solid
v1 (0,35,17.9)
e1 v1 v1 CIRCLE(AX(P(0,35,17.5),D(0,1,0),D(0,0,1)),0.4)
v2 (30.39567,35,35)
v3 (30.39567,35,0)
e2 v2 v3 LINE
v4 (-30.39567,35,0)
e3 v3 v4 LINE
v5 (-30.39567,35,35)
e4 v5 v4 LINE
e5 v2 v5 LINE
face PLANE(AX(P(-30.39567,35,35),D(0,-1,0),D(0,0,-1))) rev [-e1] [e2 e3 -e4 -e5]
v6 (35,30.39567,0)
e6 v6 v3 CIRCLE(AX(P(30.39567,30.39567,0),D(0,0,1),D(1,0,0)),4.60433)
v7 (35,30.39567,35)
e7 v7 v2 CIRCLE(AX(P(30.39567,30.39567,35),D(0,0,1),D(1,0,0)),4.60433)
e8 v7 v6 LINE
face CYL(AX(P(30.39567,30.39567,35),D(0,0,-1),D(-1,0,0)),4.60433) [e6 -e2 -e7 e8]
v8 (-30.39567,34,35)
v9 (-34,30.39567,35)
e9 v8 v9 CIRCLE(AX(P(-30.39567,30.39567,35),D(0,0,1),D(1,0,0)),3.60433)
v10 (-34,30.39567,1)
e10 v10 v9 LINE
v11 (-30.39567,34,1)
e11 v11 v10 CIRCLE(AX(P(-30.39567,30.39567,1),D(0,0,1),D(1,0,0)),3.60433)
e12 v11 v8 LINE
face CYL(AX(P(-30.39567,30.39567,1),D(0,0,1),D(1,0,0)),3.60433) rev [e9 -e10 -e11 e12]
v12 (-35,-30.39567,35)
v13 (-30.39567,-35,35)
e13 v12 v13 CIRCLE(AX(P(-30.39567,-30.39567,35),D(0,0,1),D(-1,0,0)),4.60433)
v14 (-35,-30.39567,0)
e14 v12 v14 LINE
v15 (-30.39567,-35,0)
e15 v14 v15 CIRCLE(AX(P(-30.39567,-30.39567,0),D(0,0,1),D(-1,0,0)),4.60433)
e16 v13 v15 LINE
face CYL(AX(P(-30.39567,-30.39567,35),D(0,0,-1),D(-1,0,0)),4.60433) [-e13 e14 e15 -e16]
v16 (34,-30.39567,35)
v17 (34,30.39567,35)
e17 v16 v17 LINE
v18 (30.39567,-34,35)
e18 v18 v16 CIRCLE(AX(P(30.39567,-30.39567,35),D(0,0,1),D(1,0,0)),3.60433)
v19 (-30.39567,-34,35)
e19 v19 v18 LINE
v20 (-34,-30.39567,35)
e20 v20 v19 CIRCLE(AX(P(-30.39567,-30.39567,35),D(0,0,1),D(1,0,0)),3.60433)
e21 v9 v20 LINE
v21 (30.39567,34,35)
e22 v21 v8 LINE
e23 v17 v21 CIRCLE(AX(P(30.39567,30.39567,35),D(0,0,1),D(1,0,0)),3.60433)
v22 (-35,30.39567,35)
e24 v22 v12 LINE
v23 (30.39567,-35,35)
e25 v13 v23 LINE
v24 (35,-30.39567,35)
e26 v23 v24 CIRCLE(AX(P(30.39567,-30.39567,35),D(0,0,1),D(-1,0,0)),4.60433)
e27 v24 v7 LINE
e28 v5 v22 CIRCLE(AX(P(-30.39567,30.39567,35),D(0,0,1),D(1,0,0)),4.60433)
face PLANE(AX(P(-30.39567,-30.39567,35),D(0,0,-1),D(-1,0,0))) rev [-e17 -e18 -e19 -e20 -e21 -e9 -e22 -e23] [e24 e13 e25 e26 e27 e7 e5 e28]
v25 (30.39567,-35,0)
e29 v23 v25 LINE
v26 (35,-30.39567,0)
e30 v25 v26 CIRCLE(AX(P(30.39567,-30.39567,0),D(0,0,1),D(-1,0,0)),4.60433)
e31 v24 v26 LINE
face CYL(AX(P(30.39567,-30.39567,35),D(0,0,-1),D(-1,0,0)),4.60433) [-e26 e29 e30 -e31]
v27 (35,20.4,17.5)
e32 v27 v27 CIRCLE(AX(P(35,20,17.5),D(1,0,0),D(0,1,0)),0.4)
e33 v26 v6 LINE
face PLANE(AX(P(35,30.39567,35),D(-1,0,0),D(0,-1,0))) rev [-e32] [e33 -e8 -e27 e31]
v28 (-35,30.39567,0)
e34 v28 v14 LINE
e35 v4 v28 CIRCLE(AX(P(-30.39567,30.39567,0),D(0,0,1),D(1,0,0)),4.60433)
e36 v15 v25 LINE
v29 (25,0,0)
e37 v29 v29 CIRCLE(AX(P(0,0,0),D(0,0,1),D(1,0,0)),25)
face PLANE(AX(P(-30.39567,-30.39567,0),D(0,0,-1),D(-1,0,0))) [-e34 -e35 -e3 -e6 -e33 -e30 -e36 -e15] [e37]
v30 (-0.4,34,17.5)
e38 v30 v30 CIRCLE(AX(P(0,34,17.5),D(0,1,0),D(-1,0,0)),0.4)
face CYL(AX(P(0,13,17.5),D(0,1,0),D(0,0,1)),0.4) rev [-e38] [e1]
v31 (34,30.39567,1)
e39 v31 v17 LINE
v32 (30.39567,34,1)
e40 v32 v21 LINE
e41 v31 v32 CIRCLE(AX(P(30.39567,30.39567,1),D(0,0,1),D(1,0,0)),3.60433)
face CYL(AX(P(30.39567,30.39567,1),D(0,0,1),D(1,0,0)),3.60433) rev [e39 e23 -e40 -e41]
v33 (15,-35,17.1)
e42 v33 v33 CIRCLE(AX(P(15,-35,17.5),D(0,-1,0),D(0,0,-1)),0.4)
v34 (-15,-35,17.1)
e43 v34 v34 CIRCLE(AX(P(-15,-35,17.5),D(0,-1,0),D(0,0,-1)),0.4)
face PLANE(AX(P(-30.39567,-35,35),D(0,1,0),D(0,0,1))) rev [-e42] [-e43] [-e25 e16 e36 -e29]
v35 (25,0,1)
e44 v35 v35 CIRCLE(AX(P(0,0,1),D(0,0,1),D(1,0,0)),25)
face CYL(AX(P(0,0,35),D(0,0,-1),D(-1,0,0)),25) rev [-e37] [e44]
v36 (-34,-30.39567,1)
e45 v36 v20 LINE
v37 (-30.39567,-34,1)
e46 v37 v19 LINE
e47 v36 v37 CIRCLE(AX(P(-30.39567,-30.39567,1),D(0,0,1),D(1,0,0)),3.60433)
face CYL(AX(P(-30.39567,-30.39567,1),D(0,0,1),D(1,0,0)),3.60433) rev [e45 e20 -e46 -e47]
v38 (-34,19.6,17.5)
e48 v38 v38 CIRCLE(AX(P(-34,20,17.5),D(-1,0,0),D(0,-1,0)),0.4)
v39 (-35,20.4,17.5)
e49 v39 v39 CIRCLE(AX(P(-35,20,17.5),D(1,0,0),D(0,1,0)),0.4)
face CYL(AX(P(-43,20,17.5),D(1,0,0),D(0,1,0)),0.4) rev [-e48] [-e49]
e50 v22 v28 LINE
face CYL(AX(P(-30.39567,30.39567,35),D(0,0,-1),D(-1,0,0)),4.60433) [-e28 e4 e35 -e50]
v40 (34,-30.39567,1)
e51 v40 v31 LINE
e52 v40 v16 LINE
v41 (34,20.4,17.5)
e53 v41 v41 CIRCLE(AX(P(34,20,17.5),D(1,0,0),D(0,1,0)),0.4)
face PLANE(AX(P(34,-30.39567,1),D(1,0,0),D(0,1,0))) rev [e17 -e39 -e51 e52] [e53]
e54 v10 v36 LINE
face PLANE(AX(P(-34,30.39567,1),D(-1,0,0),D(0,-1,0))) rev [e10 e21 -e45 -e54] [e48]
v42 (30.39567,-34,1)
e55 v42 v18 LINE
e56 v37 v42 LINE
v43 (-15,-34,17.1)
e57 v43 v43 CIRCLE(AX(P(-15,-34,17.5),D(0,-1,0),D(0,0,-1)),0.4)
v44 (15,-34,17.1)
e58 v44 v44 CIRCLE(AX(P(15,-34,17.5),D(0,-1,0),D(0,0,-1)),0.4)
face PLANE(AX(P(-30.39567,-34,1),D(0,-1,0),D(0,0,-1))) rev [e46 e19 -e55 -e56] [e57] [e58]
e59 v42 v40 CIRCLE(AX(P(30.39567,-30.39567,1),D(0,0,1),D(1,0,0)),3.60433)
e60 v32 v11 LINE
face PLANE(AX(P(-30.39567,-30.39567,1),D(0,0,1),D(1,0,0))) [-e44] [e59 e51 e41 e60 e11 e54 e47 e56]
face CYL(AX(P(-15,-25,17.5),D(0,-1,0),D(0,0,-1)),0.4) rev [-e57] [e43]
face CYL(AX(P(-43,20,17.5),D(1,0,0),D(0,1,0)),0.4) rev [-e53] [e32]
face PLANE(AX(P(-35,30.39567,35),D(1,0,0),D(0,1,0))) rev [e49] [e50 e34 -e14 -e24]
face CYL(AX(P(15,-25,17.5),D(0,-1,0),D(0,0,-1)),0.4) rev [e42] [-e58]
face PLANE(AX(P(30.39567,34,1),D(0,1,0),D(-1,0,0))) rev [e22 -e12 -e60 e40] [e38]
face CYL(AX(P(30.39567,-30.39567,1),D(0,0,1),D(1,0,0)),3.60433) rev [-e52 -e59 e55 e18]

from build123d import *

# Parameters (mm, degrees)
SKETCH1_R           = 25
BOSS_EXTRUDE1_DEPTH = 35
CUT_EXTRUDE1_DEPTH  = 34
SKETCH3_R           = 0.4
CUT_EXTRUDE2_DEPTH  = 78
SKETCH4_R           = 0.4
CUT_EXTRUDE3_DEPTH  = 22
SKETCH5_R           = 0.4
CUT_EXTRUDE4_DEPTH  = 10


with BuildPart() as part:
    # Sketch1 → Boss-Extrude1 (new body)
    with BuildSketch(Plane.XY):
        with BuildLine():
            Line((-30.39566951, 35), (30.39566951, 35))
            ThreePointArc((30.39566951, 35), (33.651422822, 33.651422822), (35, 30.39566951))
            Line((35, 30.39566951), (35, -30.39566951))
            ThreePointArc((35, -30.39566951), (33.651422822, -33.651422822), (30.39566951, -35))
            Line((30.39566951, -35), (-30.39566951, -35))
            ThreePointArc((-30.39566951, -35), (-33.651422822, -33.651422822), (-35, -30.39566951))
            Line((-35, -30.39566951), (-35, 30.39566951))
            ThreePointArc((-35, 30.39566951), (-33.651422822, 33.651422822), (-30.39566951, 35))
        make_face()
        Circle(SKETCH1_R, mode=Mode.SUBTRACT)
    extrude(amount=BOSS_EXTRUDE1_DEPTH)

    # Sketch2 → Cut-Extrude1 (cut)
    with BuildSketch(Plane.XY.offset(35)):
        with BuildLine():
            Line((-30.39566951, -34), (30.39566951, -34))
            ThreePointArc((30.39566951, -34), (32.944316041, -32.944316041), (34, -30.39566951))
            Line((34, -30.39566951), (34, 30.39566951))
            ThreePointArc((34, 30.39566951), (32.944316041, 32.944316041), (30.39566951, 34))
            Line((30.39566951, 34), (-30.39566951, 34))
            ThreePointArc((-30.39566951, 34), (-32.944316041, 32.944316041), (-34, 30.39566951))
            Line((-34, 30.39566951), (-34, -30.39566951))
            ThreePointArc((-34, -30.39566951), (-32.944316041, -32.944316041), (-30.39566951, -34))
        make_face()
    extrude(amount=-CUT_EXTRUDE1_DEPTH, mode=Mode.SUBTRACT)

    # Sketch3 → Cut-Extrude2 (cut)
    with BuildSketch(Plane(origin=(35, 0, 0), x_dir=(0, 0, -1), z_dir=(1, 0, 0))):
        with Locations(Location((-17.5, 20, 0), (0, 0, 90))):
            Circle(SKETCH3_R)
    extrude(amount=-CUT_EXTRUDE2_DEPTH, mode=Mode.SUBTRACT)

    # Sketch4 → Cut-Extrude3 (cut)
    with BuildSketch(Plane(origin=(0, 35, 0), x_dir=(1, 0, 0), z_dir=(0, 1, 0))):
        with Locations(Location((0, -17.5, 0), (0, 0, 270))):
            Circle(SKETCH4_R)
    extrude(amount=-CUT_EXTRUDE3_DEPTH, mode=Mode.SUBTRACT)

    # Sketch5 → Cut-Extrude4 (cut)
    with BuildSketch(Plane.XZ.offset(35)):
        with Locations(Location((-15, 17.5, 0), (0, 0, 270))):
            Circle(SKETCH5_R)
        with Locations(Location((15, 17.5, 0), (0, 0, 270))):
            Circle(SKETCH5_R)
    extrude(amount=-CUT_EXTRUDE4_DEPTH, mode=Mode.SUBTRACT)


solid = part.part
